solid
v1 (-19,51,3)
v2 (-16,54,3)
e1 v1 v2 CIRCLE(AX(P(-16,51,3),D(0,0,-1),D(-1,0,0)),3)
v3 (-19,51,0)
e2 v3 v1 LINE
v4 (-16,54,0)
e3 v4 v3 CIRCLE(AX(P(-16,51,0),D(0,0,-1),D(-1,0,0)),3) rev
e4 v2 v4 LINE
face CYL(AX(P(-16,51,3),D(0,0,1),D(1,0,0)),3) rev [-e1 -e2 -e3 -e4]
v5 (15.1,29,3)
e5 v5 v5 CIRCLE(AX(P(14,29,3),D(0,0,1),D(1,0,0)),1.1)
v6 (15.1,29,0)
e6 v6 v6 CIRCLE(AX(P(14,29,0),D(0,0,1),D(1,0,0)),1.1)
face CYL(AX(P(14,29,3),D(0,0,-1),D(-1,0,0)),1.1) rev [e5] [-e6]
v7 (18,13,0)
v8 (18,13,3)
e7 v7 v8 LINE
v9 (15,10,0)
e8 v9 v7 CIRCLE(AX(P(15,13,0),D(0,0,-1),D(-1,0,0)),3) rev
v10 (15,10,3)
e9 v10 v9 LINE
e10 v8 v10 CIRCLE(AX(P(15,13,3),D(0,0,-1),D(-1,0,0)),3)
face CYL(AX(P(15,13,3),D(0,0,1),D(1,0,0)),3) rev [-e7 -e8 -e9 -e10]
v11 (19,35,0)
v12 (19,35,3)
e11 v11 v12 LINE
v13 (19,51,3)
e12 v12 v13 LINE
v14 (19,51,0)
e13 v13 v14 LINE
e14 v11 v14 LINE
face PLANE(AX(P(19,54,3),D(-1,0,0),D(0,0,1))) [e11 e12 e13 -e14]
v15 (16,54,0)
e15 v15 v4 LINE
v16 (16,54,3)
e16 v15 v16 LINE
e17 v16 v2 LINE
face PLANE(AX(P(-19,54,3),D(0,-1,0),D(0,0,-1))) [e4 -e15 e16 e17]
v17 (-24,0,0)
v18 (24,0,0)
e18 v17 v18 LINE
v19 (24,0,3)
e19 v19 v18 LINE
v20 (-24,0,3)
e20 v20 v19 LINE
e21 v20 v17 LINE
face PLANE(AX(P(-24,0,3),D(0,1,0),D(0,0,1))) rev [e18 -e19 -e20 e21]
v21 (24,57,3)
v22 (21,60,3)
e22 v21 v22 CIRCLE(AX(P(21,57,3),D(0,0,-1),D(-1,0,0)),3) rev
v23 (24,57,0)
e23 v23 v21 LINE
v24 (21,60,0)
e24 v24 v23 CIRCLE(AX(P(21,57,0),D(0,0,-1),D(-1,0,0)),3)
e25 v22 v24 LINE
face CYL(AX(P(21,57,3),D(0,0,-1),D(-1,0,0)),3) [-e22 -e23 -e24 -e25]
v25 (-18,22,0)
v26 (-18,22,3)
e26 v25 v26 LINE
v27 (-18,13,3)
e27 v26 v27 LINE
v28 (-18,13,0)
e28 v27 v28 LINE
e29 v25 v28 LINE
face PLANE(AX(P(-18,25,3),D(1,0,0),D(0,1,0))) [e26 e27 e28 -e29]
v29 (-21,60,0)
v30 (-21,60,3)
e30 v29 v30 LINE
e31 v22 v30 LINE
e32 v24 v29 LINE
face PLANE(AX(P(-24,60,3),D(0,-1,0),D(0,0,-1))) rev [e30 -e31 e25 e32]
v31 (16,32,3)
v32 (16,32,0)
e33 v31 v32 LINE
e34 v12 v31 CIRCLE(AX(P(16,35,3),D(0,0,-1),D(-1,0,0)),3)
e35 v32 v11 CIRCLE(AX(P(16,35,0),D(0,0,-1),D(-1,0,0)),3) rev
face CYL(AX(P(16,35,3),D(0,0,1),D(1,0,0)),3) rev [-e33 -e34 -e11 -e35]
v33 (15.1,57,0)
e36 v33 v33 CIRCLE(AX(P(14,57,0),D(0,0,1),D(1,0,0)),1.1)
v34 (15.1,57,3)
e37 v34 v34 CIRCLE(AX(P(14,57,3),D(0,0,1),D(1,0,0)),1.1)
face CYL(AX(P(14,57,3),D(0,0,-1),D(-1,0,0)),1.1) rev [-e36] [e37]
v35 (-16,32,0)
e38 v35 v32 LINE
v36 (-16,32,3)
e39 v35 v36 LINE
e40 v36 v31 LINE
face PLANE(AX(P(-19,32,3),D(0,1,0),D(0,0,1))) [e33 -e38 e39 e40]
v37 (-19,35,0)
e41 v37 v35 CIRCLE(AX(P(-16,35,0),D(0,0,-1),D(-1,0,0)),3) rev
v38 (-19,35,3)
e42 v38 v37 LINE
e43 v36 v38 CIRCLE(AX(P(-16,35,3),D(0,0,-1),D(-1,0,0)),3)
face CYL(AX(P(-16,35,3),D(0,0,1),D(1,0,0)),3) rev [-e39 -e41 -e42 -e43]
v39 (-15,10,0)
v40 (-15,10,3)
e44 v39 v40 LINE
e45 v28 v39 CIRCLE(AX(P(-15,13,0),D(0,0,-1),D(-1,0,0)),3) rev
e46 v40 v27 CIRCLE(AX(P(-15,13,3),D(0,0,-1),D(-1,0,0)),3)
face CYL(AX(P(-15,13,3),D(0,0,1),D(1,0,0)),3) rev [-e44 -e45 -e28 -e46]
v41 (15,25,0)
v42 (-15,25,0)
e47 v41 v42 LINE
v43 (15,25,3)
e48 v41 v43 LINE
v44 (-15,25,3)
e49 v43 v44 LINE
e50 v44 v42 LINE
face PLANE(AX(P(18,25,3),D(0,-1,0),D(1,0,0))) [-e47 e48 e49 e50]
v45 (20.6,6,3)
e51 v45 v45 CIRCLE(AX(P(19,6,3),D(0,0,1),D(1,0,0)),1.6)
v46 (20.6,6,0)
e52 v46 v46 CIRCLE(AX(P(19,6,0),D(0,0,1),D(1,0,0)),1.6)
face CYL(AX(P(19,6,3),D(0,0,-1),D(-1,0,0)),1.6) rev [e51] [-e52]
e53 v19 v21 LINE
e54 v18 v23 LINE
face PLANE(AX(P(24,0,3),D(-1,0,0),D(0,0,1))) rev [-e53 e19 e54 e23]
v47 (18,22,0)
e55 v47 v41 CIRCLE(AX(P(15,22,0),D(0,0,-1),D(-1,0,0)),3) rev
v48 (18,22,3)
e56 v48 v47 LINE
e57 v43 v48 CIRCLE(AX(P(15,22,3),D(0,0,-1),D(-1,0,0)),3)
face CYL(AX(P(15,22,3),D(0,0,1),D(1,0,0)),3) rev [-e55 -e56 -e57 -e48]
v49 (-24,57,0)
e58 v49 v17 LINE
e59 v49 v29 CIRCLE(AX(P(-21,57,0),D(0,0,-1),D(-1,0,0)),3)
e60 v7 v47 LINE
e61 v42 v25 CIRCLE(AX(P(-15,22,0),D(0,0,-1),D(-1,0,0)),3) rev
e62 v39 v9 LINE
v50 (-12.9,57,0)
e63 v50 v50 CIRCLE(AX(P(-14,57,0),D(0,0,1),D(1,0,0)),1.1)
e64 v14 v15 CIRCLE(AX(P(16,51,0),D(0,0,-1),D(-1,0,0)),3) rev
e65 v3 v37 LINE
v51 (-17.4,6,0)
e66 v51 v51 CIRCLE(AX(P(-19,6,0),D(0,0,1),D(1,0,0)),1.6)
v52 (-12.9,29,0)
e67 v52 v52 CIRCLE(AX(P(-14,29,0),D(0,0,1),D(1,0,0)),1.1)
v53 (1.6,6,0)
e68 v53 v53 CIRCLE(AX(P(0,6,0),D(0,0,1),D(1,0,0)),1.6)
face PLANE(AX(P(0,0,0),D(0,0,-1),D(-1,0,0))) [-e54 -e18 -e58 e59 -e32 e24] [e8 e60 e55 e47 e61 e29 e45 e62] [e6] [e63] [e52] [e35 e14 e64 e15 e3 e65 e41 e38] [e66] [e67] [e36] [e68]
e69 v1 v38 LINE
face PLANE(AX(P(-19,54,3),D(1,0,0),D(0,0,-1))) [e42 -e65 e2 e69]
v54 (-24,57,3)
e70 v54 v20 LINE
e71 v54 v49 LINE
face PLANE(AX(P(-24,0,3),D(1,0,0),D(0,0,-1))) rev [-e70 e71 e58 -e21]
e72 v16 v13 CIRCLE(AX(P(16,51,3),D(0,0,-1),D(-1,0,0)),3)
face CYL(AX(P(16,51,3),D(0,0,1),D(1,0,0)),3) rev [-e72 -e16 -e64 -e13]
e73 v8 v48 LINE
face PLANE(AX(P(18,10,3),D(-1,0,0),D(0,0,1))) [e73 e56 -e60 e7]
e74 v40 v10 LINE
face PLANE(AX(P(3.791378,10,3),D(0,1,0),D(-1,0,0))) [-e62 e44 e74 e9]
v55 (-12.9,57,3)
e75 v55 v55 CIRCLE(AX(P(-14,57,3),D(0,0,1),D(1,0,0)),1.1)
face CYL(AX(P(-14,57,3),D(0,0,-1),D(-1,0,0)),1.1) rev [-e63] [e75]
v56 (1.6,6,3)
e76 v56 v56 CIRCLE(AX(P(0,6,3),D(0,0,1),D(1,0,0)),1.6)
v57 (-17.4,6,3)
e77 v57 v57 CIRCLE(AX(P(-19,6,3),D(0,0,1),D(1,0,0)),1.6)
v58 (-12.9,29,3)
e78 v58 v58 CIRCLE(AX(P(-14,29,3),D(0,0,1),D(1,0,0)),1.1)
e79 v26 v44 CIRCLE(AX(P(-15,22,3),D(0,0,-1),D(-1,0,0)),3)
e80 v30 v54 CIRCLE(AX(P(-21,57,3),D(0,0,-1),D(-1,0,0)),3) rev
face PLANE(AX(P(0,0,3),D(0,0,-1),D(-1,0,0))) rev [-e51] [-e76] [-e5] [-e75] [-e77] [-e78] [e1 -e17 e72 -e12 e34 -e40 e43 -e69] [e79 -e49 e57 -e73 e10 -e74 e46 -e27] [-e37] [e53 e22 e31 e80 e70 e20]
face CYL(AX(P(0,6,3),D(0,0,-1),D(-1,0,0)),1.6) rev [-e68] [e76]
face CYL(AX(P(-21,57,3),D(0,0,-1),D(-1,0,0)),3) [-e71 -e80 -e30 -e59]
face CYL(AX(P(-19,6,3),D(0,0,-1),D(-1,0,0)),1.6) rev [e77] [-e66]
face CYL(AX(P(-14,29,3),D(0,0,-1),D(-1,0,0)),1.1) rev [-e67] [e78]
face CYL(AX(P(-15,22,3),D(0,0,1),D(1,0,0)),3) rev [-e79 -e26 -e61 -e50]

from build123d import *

# Parameters (mm, degrees)
SKETCH_1_W      = 48
SKETCH_1_H      = 60
SKETCH_1_R      = 1.6
SKETCH_1_R_2    = 1.1
SKETCH_1_W_2    = 38
SKETCH_1_H_2    = 22
EXTRUDE_1_DEPTH = 3
FILLET_1_R      = 3
FILLET_2_R      = 3


with BuildPart() as part:
    # 草图1 → 凸台-拉伸1 (new body)
    with BuildSketch(Plane.XY):
        with Locations((0, 30)):
            Rectangle(SKETCH_1_W, SKETCH_1_H)
        with Locations((0, 6)):
            Circle(SKETCH_1_R, mode=Mode.SUBTRACT)
        with Locations((-19, 6)):
            Circle(SKETCH_1_R, mode=Mode.SUBTRACT)
        with Locations((19, 6)):
            Circle(SKETCH_1_R, mode=Mode.SUBTRACT)
        with Locations((-14, 57)):
            Circle(SKETCH_1_R_2, mode=Mode.SUBTRACT)
        with Locations((-14, 29)):
            Circle(SKETCH_1_R_2, mode=Mode.SUBTRACT)
        with Locations((14, 57)):
            Circle(SKETCH_1_R_2, mode=Mode.SUBTRACT)
        with Locations((14, 29)):
            Circle(SKETCH_1_R_2, mode=Mode.SUBTRACT)
        Polygon((-18, 10), (-3.79137849, 10), (3.79137849, 10), (18, 10), (18, 25), (-18, 25), align=None, mode=Mode.SUBTRACT)
        with Locations((0, 43)):
            Rectangle(SKETCH_1_W_2, SKETCH_1_H_2, mode=Mode.SUBTRACT)
    extrude(amount=EXTRUDE_1_DEPTH)

    # 圆角1
    fillet_1_edges = [part.edges().sort_by_distance(p)[0] for p in [
        (19, 32, 1.5),
        (19, 54, 1.5),
        (-19, 54, 1.5),
        (-19, 32, 1.5),
        (-24, 60, 1.5),
        (24, 60, 1.5),
    ]]
    fillet(fillet_1_edges, radius=FILLET_1_R)

    # 圆角2
    fillet_2_edges = [part.edges().sort_by_distance(p)[0] for p in [
        (-18, 25, 1.5),
        (-18, 10, 1.5),
        (18, 10, 1.5),
        (18, 25, 1.5),
    ]]
    fillet(fillet_2_edges, radius=FILLET_2_R)


solid = part.part
